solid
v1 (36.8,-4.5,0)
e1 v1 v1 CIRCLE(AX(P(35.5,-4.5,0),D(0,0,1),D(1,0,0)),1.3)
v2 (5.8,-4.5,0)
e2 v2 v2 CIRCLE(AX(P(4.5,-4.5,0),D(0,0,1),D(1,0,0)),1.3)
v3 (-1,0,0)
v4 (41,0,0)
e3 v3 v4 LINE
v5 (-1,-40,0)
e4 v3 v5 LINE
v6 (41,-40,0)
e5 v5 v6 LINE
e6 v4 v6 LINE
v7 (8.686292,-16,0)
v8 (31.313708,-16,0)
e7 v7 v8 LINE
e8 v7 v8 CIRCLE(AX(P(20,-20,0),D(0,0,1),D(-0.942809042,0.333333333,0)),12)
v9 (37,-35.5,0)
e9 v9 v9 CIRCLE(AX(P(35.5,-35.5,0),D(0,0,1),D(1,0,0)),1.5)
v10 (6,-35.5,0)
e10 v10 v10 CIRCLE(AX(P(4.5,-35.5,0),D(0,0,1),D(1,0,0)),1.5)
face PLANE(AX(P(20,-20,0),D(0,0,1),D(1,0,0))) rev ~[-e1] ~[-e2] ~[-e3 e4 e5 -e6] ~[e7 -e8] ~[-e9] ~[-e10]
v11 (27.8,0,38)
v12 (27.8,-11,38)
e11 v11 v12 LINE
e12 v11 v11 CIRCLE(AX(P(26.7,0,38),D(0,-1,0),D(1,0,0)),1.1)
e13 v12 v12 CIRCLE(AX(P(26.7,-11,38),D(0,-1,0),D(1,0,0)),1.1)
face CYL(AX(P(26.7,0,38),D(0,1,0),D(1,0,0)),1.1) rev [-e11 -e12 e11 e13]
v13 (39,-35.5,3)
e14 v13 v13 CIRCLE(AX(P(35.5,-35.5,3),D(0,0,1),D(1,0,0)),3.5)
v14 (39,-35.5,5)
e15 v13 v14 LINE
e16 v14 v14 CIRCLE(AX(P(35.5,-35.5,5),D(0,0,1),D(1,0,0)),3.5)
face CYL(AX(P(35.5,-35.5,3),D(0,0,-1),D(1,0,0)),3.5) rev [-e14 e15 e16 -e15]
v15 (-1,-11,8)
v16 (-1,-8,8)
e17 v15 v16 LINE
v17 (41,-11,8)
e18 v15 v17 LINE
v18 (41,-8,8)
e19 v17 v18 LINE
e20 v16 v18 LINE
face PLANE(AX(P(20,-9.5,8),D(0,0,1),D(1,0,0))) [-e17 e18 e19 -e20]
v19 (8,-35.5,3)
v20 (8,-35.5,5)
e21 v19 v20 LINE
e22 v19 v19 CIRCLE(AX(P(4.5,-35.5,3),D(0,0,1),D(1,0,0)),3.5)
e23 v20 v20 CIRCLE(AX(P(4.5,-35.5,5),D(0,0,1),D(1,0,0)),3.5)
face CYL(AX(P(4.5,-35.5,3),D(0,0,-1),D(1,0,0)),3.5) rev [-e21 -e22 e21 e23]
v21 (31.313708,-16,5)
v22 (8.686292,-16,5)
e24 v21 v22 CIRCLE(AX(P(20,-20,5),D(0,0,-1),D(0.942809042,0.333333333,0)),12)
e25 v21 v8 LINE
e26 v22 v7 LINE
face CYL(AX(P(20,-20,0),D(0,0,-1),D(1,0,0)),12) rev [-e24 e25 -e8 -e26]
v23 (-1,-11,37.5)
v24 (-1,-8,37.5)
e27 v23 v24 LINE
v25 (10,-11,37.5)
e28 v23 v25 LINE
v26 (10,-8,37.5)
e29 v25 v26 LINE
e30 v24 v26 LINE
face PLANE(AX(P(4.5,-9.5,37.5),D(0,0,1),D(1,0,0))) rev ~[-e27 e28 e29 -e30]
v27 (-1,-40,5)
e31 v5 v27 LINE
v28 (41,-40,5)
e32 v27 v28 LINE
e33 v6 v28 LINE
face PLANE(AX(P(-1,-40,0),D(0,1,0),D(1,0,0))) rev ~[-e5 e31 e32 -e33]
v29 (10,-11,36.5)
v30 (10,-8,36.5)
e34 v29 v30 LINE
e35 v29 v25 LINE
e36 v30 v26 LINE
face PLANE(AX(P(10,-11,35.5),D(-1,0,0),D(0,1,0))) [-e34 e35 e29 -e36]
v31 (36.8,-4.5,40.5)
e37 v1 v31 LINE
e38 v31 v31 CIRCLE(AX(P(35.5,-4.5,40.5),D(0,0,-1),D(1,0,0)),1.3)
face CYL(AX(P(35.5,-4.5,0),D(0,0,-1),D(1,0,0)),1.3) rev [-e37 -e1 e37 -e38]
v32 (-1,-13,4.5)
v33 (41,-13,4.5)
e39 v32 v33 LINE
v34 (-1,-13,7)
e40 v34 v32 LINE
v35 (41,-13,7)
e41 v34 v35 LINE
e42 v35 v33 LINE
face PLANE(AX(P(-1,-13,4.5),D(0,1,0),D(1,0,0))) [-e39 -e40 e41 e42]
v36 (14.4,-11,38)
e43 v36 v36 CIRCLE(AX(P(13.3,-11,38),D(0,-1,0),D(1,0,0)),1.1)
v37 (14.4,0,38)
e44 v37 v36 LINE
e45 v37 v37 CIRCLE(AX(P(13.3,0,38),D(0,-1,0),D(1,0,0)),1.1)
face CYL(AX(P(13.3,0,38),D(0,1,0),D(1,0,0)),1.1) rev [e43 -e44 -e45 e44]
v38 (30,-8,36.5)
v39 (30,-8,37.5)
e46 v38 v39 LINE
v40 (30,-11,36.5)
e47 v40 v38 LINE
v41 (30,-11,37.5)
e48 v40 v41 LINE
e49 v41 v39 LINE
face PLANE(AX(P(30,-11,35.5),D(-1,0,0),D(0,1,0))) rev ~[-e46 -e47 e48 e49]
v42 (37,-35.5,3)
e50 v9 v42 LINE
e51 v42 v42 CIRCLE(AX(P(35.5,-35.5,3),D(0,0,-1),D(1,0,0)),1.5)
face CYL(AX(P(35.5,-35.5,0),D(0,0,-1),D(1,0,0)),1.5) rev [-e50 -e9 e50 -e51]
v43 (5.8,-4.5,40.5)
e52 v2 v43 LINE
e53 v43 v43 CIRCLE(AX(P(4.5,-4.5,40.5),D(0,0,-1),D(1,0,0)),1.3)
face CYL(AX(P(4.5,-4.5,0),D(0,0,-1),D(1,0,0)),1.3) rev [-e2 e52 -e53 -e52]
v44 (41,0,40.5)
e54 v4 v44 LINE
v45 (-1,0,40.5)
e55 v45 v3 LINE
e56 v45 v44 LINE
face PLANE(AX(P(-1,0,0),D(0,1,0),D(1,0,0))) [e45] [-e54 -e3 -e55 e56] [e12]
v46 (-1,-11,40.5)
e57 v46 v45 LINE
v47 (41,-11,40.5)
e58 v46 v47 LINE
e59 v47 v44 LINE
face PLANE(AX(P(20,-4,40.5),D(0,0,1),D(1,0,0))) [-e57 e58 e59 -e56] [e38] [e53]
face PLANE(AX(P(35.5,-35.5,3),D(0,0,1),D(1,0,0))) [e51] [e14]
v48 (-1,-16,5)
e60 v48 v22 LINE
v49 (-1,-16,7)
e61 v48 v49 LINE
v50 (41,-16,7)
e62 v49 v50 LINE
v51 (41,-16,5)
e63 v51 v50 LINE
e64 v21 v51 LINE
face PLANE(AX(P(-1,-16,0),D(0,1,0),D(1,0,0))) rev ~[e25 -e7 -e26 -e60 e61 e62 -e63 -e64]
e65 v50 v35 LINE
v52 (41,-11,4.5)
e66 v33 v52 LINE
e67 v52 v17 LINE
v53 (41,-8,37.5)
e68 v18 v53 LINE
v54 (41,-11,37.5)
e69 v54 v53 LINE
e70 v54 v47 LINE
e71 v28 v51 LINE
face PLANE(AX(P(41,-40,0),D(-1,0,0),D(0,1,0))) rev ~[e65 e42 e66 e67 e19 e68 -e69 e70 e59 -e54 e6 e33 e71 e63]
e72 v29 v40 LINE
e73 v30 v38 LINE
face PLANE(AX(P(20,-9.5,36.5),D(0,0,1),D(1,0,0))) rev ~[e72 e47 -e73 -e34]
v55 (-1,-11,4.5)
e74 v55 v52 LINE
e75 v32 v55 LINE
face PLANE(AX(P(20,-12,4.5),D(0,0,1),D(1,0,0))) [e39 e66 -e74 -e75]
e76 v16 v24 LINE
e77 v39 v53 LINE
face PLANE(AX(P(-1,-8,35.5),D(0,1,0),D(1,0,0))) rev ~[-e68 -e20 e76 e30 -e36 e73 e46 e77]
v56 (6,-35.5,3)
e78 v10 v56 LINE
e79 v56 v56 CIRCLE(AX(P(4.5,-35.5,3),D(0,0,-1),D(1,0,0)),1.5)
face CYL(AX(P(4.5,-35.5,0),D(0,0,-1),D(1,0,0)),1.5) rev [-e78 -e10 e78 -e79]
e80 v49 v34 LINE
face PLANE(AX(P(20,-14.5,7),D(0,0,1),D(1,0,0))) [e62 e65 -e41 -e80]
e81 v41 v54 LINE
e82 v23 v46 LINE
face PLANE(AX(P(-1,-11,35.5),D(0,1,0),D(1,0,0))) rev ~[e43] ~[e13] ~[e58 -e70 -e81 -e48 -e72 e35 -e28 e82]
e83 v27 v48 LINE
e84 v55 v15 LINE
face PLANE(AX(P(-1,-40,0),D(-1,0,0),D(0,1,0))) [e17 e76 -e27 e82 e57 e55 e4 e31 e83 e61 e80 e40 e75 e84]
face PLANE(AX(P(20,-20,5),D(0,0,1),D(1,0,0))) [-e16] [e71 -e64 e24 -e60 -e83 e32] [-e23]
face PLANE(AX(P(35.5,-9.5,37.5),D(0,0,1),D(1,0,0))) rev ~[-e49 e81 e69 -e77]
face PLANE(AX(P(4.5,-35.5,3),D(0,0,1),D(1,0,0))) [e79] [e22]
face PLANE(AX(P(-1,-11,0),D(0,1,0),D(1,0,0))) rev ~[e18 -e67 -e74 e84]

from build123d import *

# Parameters (mm, degrees)
CYLINDER001_R     = 1.3
CYLINDER001_DEPTH = 50
CYLINDER007_R     = 1.1
CYLINDER007_DEPTH = 11
CYLINDER008_R     = 1.1
CYLINDER008_DEPTH = 11
CYLINDER009_R     = 3.5
CYLINDER009_DEPTH = 2
CYLINDER010_R     = 3.5
CYLINDER010_DEPTH = 2
CYLINDER011_R     = 1.5
CYLINDER011_DEPTH = 5
CYLINDER012_R     = 1.5
CYLINDER012_DEPTH = 5
CYLINDER_R        = 1.3
CYLINDER_DEPTH    = 50
BOX008_W          = 20
BOX008_H          = 3
BOX008_DEPTH      = 1
BOX007_W          = 11
BOX007_H          = 3
BOX007_DEPTH      = 2
BOX006_W          = 11
BOX006_H          = 3
BOX006_DEPTH      = 2
BOX009_W          = 42
BOX009_H          = 2
BOX009_DEPTH      = 2
BOX004_W          = 42
BOX004_H          = 16
BOX004_DEPTH      = 5
CYLINDER006_R     = 12
CYLINDER006_DEPTH = 5
BOX001_W          = 42
BOX001_H          = 8
BOX001_DEPTH      = 40.5
BOX003_W          = 42
BOX003_H          = 3
BOX003_DEPTH      = 7
BOX002_W          = 42
BOX002_H          = 3
BOX002_DEPTH      = 8
BOX_W             = 42
BOX_H             = 40
BOX_DEPTH         = 5
BOX005_W          = 42
BOX005_H          = 3
BOX005_DEPTH      = 5


with BuildPart() as cylinder001:
    # Cylinder001 → Cylinder001 (new body)
    with BuildSketch(Plane(origin=(35.5, -4.5, 0), x_dir=(1, 0, 0), z_dir=(0, 0, 1))):
        Circle(CYLINDER001_R)
    extrude(amount=CYLINDER001_DEPTH)


with BuildPart() as cylinder007:
    # Cylinder007 → Cylinder007 (new body)
    with BuildSketch(Plane(origin=(13.3, 0, 38), x_dir=(1, 0, 0), z_dir=(0, -1, 0))):
        Circle(CYLINDER007_R)
    extrude(amount=CYLINDER007_DEPTH)


with BuildPart() as cylinder008:
    # Cylinder008 → Cylinder008 (new body)
    with BuildSketch(Plane(origin=(26.7, 0, 38), x_dir=(1, 0, 0), z_dir=(0, -1, 0))):
        Circle(CYLINDER008_R)
    extrude(amount=CYLINDER008_DEPTH)


with BuildPart() as cylinder009:
    # Cylinder009 → Cylinder009 (new body)
    with BuildSketch(Plane(origin=(4.5, -35.5, 3), x_dir=(1, 0, 0), z_dir=(0, 0, 1))):
        Circle(CYLINDER009_R)
    extrude(amount=CYLINDER009_DEPTH)


with BuildPart() as cylinder010:
    # Cylinder010 → Cylinder010 (new body)
    with BuildSketch(Plane(origin=(35.5, -35.5, 3), x_dir=(1, 0, 0), z_dir=(0, 0, 1))):
        Circle(CYLINDER010_R)
    extrude(amount=CYLINDER010_DEPTH)


with BuildPart() as cylinder011:
    # Cylinder011 → Cylinder011 (new body)
    with BuildSketch(Plane(origin=(35.5, -35.5, 0), x_dir=(1, 0, 0), z_dir=(0, 0, 1))):
        Circle(CYLINDER011_R)
    extrude(amount=CYLINDER011_DEPTH)


with BuildPart() as cylinder012:
    # Cylinder012 → Cylinder012 (new body)
    with BuildSketch(Plane(origin=(4.5, -35.5, 0), x_dir=(1, 0, 0), z_dir=(0, 0, 1))):
        Circle(CYLINDER012_R)
    extrude(amount=CYLINDER012_DEPTH)


with BuildPart() as fusion003:
    # Cylinder → Cylinder (new body)
    with BuildSketch(Plane(origin=(4.5, -4.5, 0), x_dir=(1, 0, 0), z_dir=(0, 0, 1))):
        Circle(CYLINDER_R)
    extrude(amount=CYLINDER_DEPTH)

    # Fusion003: union Cylinder001, Cylinder007, Cylinder008, Cylinder009, Cylinder010, Cylinder011, Cylinder012
    add(cylinder001.part)
    add(cylinder007.part)
    add(cylinder008.part)
    add(cylinder009.part)
    add(cylinder010.part)
    add(cylinder011.part)
    add(cylinder012.part)


with BuildPart() as cube008:
    # Box008 → Box008 (new body)
    with BuildSketch(Plane(origin=(10, -11, 35.5), x_dir=(1, 0, 0), z_dir=(0, 0, 1))):
        with Locations((10, 1.5)):
            Rectangle(BOX008_W, BOX008_H)
    extrude(amount=BOX008_DEPTH)


with BuildPart() as cube007:
    # Box007 → Box007 (new body)
    with BuildSketch(Plane(origin=(30, -11, 35.5), x_dir=(1, 0, 0), z_dir=(0, 0, 1))):
        with Locations((5.5, 1.5)):
            Rectangle(BOX007_W, BOX007_H)
    extrude(amount=BOX007_DEPTH)


with BuildPart() as cube006:
    # Box006 → Box006 (new body)
    with BuildSketch(Plane(origin=(-1, -11, 35.5), x_dir=(1, 0, 0), z_dir=(0, 0, 1))):
        with Locations((5.5, 1.5)):
            Rectangle(BOX006_W, BOX006_H)
    extrude(amount=BOX006_DEPTH)


with BuildPart() as fusion002:
    # Box009 → Box009 (new body)
    with BuildSketch(Plane(origin=(-1, -13, 4.5), x_dir=(1, 0, 0), z_dir=(0, 0, 1))):
        with Locations((21, 1)):
            Rectangle(BOX009_W, BOX009_H)
    extrude(amount=BOX009_DEPTH)

    # Fusion002: union Cube008, Cube007, Cube006
    add(cube008.part)
    add(cube007.part)
    add(cube006.part)


with BuildPart() as cube004:
    # Box004 → Box004 (new body)
    with BuildSketch(Plane(origin=(-1, -16, 0), x_dir=(1, 0, 0), z_dir=(0, 0, 1))):
        with Locations((21, 8)):
            Rectangle(BOX004_W, BOX004_H)
    extrude(amount=BOX004_DEPTH)


with BuildPart() as cut:
    # Cylinder006 → Cylinder006 (new body)
    with BuildSketch(Plane(origin=(20, -20, 0), x_dir=(1, 0, 0), z_dir=(0, 0, 1))):
        Circle(CYLINDER006_R)
    extrude(amount=CYLINDER006_DEPTH)

    # Cut: cut Cube004
    add(cube004.part, mode=Mode.SUBTRACT)


with BuildPart() as cube001:
    # Box001 → Box001 (new body)
    with BuildSketch(Plane(origin=(-1, -8, 0), x_dir=(1, 0, 0), z_dir=(0, 0, 1))):
        with Locations((21, 4)):
            Rectangle(BOX001_W, BOX001_H)
    extrude(amount=BOX001_DEPTH)


with BuildPart() as cube003:
    # Box003 → Box003 (new body)
    with BuildSketch(Plane(origin=(-1, -16, 0), x_dir=(1, 0, 0), z_dir=(0, 0, 1))):
        with Locations((21, 1.5)):
            Rectangle(BOX003_W, BOX003_H)
    extrude(amount=BOX003_DEPTH)


with BuildPart() as cube002:
    # Box002 → Box002 (new body)
    with BuildSketch(Plane(origin=(-1, -11, 0), x_dir=(1, 0, 0), z_dir=(0, 0, 1))):
        with Locations((21, 1.5)):
            Rectangle(BOX002_W, BOX002_H)
    extrude(amount=BOX002_DEPTH)


with BuildPart() as cube:
    # Box → Box (new body)
    with BuildSketch(Plane(origin=(-1, -40, 0), x_dir=(1, 0, 0), z_dir=(0, 0, 1))):
        with Locations((21, 20)):
            Rectangle(BOX_W, BOX_H)
    extrude(amount=BOX_DEPTH)


with BuildPart() as cut003:
    # Box005 → Box005 (new body)
    with BuildSketch(Plane(origin=(-1, -11, 35.5), x_dir=(1, 0, 0), z_dir=(0, 0, 1))):
        with Locations((21, 1.5)):
            Rectangle(BOX005_W, BOX005_H)
    extrude(amount=BOX005_DEPTH)

    # Fusion: union Cube001, Cube003, Cube002, Cube
    add(cube001.part)
    add(cube003.part)
    add(cube002.part)
    add(cube.part)

    # Cut001: cut Cut
    add(cut.part, mode=Mode.SUBTRACT)

    # Cut002: cut Fusion002
    add(fusion002.part, mode=Mode.SUBTRACT)

    # Cut003: cut Fusion003
    add(fusion003.part, mode=Mode.SUBTRACT)


solid = cut003.part
